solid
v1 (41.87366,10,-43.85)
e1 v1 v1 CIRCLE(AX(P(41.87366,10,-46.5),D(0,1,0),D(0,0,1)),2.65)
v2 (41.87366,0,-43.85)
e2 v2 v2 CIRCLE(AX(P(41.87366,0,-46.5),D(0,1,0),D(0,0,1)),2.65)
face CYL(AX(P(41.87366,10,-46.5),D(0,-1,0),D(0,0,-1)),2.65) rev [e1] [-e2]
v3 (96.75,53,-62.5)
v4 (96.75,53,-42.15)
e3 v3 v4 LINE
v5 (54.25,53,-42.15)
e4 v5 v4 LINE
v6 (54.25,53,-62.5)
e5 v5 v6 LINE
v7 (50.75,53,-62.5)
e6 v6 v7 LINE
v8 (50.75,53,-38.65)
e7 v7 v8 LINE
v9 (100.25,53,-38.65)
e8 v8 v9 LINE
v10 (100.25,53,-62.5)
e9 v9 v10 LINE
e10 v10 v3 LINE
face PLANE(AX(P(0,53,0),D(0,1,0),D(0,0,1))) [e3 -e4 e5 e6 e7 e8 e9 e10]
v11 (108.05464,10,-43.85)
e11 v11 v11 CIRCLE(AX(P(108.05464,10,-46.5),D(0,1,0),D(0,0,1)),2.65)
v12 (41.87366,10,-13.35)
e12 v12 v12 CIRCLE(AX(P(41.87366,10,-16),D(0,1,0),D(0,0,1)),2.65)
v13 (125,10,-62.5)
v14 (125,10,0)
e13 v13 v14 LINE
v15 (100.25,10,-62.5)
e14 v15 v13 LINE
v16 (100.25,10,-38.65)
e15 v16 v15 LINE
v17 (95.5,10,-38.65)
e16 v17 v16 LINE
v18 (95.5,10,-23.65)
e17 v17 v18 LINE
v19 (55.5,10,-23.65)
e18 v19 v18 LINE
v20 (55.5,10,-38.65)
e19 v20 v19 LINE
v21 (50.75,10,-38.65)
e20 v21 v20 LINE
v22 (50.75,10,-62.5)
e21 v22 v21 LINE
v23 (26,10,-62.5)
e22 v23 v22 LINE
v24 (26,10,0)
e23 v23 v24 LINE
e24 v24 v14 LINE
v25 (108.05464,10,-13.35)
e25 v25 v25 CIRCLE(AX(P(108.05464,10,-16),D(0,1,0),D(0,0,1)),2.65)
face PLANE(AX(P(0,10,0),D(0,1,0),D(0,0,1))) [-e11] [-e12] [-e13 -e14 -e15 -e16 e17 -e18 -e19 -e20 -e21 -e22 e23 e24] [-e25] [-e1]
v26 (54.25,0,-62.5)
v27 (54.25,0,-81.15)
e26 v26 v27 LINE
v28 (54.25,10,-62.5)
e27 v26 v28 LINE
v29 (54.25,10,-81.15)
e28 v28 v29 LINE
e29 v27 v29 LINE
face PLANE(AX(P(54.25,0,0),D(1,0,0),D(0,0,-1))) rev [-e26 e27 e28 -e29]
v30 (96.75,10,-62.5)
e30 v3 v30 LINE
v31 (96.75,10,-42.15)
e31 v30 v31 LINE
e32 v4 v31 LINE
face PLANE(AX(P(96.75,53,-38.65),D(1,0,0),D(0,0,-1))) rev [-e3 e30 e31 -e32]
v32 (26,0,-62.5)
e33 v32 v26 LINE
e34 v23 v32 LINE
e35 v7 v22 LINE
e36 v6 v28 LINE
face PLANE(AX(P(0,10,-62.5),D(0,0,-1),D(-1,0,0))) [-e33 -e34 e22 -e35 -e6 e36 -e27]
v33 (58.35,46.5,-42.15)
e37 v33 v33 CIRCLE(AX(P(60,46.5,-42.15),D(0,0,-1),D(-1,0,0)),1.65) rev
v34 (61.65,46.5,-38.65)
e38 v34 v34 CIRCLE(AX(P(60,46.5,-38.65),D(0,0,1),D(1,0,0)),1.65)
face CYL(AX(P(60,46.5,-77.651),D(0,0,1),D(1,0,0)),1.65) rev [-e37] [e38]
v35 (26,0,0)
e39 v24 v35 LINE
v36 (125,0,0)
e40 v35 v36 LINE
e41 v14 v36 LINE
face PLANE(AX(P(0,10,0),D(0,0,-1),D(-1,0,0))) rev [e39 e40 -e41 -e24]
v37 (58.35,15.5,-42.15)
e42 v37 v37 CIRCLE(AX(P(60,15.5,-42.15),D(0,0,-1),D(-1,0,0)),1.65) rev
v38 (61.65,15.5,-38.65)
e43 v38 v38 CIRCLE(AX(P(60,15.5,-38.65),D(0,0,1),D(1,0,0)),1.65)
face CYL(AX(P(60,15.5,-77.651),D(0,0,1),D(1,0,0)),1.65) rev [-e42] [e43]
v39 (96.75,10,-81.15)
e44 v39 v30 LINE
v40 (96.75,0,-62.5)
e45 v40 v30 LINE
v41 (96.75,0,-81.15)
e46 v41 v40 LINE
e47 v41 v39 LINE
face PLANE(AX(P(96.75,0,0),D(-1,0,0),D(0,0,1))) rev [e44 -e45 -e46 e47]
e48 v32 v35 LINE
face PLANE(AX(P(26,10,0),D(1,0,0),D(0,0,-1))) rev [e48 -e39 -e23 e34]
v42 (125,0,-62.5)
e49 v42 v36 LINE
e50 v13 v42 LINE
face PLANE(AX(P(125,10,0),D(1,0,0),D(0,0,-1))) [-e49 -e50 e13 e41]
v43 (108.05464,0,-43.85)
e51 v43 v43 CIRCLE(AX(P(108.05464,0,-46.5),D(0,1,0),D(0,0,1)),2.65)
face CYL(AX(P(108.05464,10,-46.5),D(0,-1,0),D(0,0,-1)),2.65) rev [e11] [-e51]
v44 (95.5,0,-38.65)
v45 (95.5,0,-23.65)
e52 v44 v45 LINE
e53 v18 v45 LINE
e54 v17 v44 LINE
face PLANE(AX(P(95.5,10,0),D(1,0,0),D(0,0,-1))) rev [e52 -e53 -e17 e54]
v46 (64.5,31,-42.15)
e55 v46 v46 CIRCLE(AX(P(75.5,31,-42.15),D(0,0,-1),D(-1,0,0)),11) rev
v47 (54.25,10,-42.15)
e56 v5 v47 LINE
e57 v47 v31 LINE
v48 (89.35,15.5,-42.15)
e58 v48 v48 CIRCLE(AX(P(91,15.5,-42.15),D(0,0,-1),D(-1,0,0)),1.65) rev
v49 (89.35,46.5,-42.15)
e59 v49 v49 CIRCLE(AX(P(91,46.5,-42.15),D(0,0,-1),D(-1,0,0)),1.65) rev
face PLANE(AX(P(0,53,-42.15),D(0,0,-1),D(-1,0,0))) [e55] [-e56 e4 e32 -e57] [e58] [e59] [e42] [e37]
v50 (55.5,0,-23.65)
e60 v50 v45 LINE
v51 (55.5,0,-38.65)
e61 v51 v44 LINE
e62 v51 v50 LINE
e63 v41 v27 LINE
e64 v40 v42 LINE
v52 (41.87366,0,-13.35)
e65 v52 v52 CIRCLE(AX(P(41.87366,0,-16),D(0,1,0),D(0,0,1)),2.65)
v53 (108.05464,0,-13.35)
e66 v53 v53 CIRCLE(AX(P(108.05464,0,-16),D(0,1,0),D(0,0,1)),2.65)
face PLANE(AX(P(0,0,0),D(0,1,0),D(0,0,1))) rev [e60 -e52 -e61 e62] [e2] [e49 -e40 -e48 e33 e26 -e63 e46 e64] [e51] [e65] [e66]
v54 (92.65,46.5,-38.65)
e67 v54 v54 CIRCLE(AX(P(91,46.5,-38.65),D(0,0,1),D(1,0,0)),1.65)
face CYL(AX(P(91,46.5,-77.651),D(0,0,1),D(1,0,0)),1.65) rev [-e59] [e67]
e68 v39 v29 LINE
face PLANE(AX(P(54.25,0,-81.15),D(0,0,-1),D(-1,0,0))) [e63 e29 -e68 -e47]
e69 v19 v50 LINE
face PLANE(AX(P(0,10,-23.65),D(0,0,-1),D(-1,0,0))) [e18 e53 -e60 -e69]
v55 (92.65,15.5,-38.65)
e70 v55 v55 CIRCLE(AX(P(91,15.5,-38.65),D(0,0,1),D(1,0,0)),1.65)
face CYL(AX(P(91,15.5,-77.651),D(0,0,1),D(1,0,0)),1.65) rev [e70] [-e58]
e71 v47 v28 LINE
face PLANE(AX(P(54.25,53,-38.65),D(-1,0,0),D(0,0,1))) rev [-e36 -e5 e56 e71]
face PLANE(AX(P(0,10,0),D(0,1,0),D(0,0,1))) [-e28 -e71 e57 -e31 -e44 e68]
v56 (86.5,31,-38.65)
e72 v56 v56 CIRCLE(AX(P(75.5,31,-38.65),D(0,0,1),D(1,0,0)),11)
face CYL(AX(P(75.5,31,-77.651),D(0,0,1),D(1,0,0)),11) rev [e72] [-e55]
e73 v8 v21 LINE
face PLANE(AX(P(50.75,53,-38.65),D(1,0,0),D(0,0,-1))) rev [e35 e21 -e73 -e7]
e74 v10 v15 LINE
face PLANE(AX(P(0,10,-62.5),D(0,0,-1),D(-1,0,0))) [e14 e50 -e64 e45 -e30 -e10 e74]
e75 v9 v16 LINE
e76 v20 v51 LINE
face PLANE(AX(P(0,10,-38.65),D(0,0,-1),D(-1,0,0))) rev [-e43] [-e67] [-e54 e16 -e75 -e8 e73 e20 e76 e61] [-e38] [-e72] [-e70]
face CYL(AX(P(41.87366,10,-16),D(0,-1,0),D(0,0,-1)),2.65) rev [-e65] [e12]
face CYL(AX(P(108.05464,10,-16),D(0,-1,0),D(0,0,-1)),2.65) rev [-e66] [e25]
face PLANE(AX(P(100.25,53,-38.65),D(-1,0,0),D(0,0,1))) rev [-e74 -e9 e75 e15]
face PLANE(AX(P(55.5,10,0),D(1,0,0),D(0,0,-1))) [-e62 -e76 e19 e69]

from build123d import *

# Parameters (mm, degrees)
SKETCH1_R           = 2.65
SKETCH1_W           = 40
SKETCH1_H           = 15
BOSS_EXTRUDE1_DEPTH = 10
CUT_EXTRUDE2_DEPTH  = 10
BOSS_EXTRUDE3_DEPTH = 43
CUT_EXTRUDE3_REACH  = 143.262
SKETCH13_R          = 11
SKETCH13_R_2        = 1.65
SKETCH15_W          = 3.5
SKETCH15_H          = 23.85
BOSS_EXTRUDE4_DEPTH = 43
SKETCH16_W          = 42.5
SKETCH16_H          = 3.5
BOSS_EXTRUDE5_DEPTH = 10


with BuildPart() as part:
    # Sketch1 → Boss-Extrude1 (new body)
    with BuildSketch(Plane(origin=(0, 0, 0), x_dir=(1, 0, 0), z_dir=(0, 1, 0))):
        Polygon((51, 85.65), (48, 85.65), (48, 62.5), (26, 62.5), (26, 0), (125, 0), (125, 62.5), (103, 62.5), (103, 85.65), (100, 85.65), align=None)
        with Locations(Location((108.05464, 46.5, 0), (0, 0, 270))):
            Circle(SKETCH1_R, mode=Mode.SUBTRACT)
        with Locations(Location((41.87366, 46.5, 0), (0, 0, 270))):
            Circle(SKETCH1_R, mode=Mode.SUBTRACT)
        with Locations(Location((41.87366, 16, 0), (0, 0, 270))):
            Circle(SKETCH1_R, mode=Mode.SUBTRACT)
        with Locations(Location((108.05464, 16, 0), (0, 0, 270))):
            Circle(SKETCH1_R, mode=Mode.SUBTRACT)
        with Locations((75.5, 31.15)):
            Rectangle(SKETCH1_W, SKETCH1_H, mode=Mode.SUBTRACT)
    extrude(amount=BOSS_EXTRUDE1_DEPTH)

    # Sketch8 → Cut-Extrude2 (cut)
    with BuildSketch(Plane(origin=(0, 10, 0), x_dir=(1, 0, 0), z_dir=(0, 1, 0))):
        Polygon((96.75, 70.488685564), (96.75, 62.5), (103, 62.5), (103, 85.65), (48, 85.65), (48, 62.5), (54.25, 62.5), (54.25, 70.488685564), (54.25, 77.65), (76, 77.65), (96.75, 77.65), align=None)
    extrude(amount=-CUT_EXTRUDE2_DEPTH, mode=Mode.SUBTRACT)

    # Sketch12 → Boss-Extrude3 (add)
    with BuildSketch(Plane(origin=(0, 10, 0), x_dir=(1, 0, 0), z_dir=(0, 1, 0))):
        Polygon((96.75, 42.15), (54.25, 42.15), (54.25, 38.65), (55.5, 38.65), (95.5, 38.65), (96.75, 38.65), align=None)
    extrude(amount=BOSS_EXTRUDE3_DEPTH)

    # Sketch13 → Cut-Extrude3 (cut, up to next)
    with BuildSketch(Plane.XY.offset(-38.65), mode=Mode.PRIVATE) as cut_extrude3_sk1:
        with Locations((75.5, 31)):
            Circle(SKETCH13_R)
    cut_extrude3_tool1 = extrude(cut_extrude3_sk1.sketch, amount=-CUT_EXTRUDE3_REACH, mode=Mode.PRIVATE) & part.part
    # Sketch13 → Cut-Extrude3 (cut, up to next)
    with BuildSketch(Plane.XY.offset(-38.65), mode=Mode.PRIVATE) as cut_extrude3_sk2:
        with Locations((60, 46.5)):
            Circle(SKETCH13_R_2)
    cut_extrude3_tool2 = extrude(cut_extrude3_sk2.sketch, amount=-CUT_EXTRUDE3_REACH, mode=Mode.PRIVATE) & part.part
    # Sketch13 → Cut-Extrude3 (cut, up to next)
    with BuildSketch(Plane.XY.offset(-38.65), mode=Mode.PRIVATE) as cut_extrude3_sk3:
        with Locations((91, 46.5)):
            Circle(SKETCH13_R_2)
    cut_extrude3_tool3 = extrude(cut_extrude3_sk3.sketch, amount=-CUT_EXTRUDE3_REACH, mode=Mode.PRIVATE) & part.part
    # Sketch13 → Cut-Extrude3 (cut, up to next)
    with BuildSketch(Plane.XY.offset(-38.65), mode=Mode.PRIVATE) as cut_extrude3_sk4:
        with Locations((91, 15.5)):
            Circle(SKETCH13_R_2)
    cut_extrude3_tool4 = extrude(cut_extrude3_sk4.sketch, amount=-CUT_EXTRUDE3_REACH, mode=Mode.PRIVATE) & part.part
    # Sketch13 → Cut-Extrude3 (cut, up to next)
    with BuildSketch(Plane.XY.offset(-38.65), mode=Mode.PRIVATE) as cut_extrude3_sk5:
        with Locations((60, 15.5)):
            Circle(SKETCH13_R_2)
    cut_extrude3_tool5 = extrude(cut_extrude3_sk5.sketch, amount=-CUT_EXTRUDE3_REACH, mode=Mode.PRIVATE) & part.part
    add(cut_extrude3_tool1.solids().sort_by_distance((75.5, 31, -38.65))[0], mode=Mode.SUBTRACT)
    add(cut_extrude3_tool2.solids().sort_by_distance((60, 46.5, -38.65))[0], mode=Mode.SUBTRACT)
    add(cut_extrude3_tool3.solids().sort_by_distance((91, 46.5, -38.65))[0], mode=Mode.SUBTRACT)
    add(cut_extrude3_tool4.solids().sort_by_distance((91, 15.5, -38.65))[0], mode=Mode.SUBTRACT)
    add(cut_extrude3_tool5.solids().sort_by_distance((60, 15.5, -38.65))[0], mode=Mode.SUBTRACT)

    # Sketch15 → Boss-Extrude4 (add)
    with BuildSketch(Plane(origin=(0, 10, 0), x_dir=(1, 0, 0), z_dir=(0, 1, 0))):
        with Locations((98.5, 50.575)):
            Rectangle(SKETCH15_W, SKETCH15_H)
        with Locations((52.5, 50.575)):
            Rectangle(SKETCH15_W, SKETCH15_H)
    extrude(amount=BOSS_EXTRUDE4_DEPTH)

    # Sketch16 → Boss-Extrude5 (add)
    with BuildSketch(Plane(origin=(0, 10, 0), x_dir=(1, 0, 0), z_dir=(0, 1, 0))):
        with Locations((75.5, 79.4)):
            Rectangle(SKETCH16_W, SKETCH16_H)
    extrude(amount=-BOSS_EXTRUDE5_DEPTH)


solid = part.part
